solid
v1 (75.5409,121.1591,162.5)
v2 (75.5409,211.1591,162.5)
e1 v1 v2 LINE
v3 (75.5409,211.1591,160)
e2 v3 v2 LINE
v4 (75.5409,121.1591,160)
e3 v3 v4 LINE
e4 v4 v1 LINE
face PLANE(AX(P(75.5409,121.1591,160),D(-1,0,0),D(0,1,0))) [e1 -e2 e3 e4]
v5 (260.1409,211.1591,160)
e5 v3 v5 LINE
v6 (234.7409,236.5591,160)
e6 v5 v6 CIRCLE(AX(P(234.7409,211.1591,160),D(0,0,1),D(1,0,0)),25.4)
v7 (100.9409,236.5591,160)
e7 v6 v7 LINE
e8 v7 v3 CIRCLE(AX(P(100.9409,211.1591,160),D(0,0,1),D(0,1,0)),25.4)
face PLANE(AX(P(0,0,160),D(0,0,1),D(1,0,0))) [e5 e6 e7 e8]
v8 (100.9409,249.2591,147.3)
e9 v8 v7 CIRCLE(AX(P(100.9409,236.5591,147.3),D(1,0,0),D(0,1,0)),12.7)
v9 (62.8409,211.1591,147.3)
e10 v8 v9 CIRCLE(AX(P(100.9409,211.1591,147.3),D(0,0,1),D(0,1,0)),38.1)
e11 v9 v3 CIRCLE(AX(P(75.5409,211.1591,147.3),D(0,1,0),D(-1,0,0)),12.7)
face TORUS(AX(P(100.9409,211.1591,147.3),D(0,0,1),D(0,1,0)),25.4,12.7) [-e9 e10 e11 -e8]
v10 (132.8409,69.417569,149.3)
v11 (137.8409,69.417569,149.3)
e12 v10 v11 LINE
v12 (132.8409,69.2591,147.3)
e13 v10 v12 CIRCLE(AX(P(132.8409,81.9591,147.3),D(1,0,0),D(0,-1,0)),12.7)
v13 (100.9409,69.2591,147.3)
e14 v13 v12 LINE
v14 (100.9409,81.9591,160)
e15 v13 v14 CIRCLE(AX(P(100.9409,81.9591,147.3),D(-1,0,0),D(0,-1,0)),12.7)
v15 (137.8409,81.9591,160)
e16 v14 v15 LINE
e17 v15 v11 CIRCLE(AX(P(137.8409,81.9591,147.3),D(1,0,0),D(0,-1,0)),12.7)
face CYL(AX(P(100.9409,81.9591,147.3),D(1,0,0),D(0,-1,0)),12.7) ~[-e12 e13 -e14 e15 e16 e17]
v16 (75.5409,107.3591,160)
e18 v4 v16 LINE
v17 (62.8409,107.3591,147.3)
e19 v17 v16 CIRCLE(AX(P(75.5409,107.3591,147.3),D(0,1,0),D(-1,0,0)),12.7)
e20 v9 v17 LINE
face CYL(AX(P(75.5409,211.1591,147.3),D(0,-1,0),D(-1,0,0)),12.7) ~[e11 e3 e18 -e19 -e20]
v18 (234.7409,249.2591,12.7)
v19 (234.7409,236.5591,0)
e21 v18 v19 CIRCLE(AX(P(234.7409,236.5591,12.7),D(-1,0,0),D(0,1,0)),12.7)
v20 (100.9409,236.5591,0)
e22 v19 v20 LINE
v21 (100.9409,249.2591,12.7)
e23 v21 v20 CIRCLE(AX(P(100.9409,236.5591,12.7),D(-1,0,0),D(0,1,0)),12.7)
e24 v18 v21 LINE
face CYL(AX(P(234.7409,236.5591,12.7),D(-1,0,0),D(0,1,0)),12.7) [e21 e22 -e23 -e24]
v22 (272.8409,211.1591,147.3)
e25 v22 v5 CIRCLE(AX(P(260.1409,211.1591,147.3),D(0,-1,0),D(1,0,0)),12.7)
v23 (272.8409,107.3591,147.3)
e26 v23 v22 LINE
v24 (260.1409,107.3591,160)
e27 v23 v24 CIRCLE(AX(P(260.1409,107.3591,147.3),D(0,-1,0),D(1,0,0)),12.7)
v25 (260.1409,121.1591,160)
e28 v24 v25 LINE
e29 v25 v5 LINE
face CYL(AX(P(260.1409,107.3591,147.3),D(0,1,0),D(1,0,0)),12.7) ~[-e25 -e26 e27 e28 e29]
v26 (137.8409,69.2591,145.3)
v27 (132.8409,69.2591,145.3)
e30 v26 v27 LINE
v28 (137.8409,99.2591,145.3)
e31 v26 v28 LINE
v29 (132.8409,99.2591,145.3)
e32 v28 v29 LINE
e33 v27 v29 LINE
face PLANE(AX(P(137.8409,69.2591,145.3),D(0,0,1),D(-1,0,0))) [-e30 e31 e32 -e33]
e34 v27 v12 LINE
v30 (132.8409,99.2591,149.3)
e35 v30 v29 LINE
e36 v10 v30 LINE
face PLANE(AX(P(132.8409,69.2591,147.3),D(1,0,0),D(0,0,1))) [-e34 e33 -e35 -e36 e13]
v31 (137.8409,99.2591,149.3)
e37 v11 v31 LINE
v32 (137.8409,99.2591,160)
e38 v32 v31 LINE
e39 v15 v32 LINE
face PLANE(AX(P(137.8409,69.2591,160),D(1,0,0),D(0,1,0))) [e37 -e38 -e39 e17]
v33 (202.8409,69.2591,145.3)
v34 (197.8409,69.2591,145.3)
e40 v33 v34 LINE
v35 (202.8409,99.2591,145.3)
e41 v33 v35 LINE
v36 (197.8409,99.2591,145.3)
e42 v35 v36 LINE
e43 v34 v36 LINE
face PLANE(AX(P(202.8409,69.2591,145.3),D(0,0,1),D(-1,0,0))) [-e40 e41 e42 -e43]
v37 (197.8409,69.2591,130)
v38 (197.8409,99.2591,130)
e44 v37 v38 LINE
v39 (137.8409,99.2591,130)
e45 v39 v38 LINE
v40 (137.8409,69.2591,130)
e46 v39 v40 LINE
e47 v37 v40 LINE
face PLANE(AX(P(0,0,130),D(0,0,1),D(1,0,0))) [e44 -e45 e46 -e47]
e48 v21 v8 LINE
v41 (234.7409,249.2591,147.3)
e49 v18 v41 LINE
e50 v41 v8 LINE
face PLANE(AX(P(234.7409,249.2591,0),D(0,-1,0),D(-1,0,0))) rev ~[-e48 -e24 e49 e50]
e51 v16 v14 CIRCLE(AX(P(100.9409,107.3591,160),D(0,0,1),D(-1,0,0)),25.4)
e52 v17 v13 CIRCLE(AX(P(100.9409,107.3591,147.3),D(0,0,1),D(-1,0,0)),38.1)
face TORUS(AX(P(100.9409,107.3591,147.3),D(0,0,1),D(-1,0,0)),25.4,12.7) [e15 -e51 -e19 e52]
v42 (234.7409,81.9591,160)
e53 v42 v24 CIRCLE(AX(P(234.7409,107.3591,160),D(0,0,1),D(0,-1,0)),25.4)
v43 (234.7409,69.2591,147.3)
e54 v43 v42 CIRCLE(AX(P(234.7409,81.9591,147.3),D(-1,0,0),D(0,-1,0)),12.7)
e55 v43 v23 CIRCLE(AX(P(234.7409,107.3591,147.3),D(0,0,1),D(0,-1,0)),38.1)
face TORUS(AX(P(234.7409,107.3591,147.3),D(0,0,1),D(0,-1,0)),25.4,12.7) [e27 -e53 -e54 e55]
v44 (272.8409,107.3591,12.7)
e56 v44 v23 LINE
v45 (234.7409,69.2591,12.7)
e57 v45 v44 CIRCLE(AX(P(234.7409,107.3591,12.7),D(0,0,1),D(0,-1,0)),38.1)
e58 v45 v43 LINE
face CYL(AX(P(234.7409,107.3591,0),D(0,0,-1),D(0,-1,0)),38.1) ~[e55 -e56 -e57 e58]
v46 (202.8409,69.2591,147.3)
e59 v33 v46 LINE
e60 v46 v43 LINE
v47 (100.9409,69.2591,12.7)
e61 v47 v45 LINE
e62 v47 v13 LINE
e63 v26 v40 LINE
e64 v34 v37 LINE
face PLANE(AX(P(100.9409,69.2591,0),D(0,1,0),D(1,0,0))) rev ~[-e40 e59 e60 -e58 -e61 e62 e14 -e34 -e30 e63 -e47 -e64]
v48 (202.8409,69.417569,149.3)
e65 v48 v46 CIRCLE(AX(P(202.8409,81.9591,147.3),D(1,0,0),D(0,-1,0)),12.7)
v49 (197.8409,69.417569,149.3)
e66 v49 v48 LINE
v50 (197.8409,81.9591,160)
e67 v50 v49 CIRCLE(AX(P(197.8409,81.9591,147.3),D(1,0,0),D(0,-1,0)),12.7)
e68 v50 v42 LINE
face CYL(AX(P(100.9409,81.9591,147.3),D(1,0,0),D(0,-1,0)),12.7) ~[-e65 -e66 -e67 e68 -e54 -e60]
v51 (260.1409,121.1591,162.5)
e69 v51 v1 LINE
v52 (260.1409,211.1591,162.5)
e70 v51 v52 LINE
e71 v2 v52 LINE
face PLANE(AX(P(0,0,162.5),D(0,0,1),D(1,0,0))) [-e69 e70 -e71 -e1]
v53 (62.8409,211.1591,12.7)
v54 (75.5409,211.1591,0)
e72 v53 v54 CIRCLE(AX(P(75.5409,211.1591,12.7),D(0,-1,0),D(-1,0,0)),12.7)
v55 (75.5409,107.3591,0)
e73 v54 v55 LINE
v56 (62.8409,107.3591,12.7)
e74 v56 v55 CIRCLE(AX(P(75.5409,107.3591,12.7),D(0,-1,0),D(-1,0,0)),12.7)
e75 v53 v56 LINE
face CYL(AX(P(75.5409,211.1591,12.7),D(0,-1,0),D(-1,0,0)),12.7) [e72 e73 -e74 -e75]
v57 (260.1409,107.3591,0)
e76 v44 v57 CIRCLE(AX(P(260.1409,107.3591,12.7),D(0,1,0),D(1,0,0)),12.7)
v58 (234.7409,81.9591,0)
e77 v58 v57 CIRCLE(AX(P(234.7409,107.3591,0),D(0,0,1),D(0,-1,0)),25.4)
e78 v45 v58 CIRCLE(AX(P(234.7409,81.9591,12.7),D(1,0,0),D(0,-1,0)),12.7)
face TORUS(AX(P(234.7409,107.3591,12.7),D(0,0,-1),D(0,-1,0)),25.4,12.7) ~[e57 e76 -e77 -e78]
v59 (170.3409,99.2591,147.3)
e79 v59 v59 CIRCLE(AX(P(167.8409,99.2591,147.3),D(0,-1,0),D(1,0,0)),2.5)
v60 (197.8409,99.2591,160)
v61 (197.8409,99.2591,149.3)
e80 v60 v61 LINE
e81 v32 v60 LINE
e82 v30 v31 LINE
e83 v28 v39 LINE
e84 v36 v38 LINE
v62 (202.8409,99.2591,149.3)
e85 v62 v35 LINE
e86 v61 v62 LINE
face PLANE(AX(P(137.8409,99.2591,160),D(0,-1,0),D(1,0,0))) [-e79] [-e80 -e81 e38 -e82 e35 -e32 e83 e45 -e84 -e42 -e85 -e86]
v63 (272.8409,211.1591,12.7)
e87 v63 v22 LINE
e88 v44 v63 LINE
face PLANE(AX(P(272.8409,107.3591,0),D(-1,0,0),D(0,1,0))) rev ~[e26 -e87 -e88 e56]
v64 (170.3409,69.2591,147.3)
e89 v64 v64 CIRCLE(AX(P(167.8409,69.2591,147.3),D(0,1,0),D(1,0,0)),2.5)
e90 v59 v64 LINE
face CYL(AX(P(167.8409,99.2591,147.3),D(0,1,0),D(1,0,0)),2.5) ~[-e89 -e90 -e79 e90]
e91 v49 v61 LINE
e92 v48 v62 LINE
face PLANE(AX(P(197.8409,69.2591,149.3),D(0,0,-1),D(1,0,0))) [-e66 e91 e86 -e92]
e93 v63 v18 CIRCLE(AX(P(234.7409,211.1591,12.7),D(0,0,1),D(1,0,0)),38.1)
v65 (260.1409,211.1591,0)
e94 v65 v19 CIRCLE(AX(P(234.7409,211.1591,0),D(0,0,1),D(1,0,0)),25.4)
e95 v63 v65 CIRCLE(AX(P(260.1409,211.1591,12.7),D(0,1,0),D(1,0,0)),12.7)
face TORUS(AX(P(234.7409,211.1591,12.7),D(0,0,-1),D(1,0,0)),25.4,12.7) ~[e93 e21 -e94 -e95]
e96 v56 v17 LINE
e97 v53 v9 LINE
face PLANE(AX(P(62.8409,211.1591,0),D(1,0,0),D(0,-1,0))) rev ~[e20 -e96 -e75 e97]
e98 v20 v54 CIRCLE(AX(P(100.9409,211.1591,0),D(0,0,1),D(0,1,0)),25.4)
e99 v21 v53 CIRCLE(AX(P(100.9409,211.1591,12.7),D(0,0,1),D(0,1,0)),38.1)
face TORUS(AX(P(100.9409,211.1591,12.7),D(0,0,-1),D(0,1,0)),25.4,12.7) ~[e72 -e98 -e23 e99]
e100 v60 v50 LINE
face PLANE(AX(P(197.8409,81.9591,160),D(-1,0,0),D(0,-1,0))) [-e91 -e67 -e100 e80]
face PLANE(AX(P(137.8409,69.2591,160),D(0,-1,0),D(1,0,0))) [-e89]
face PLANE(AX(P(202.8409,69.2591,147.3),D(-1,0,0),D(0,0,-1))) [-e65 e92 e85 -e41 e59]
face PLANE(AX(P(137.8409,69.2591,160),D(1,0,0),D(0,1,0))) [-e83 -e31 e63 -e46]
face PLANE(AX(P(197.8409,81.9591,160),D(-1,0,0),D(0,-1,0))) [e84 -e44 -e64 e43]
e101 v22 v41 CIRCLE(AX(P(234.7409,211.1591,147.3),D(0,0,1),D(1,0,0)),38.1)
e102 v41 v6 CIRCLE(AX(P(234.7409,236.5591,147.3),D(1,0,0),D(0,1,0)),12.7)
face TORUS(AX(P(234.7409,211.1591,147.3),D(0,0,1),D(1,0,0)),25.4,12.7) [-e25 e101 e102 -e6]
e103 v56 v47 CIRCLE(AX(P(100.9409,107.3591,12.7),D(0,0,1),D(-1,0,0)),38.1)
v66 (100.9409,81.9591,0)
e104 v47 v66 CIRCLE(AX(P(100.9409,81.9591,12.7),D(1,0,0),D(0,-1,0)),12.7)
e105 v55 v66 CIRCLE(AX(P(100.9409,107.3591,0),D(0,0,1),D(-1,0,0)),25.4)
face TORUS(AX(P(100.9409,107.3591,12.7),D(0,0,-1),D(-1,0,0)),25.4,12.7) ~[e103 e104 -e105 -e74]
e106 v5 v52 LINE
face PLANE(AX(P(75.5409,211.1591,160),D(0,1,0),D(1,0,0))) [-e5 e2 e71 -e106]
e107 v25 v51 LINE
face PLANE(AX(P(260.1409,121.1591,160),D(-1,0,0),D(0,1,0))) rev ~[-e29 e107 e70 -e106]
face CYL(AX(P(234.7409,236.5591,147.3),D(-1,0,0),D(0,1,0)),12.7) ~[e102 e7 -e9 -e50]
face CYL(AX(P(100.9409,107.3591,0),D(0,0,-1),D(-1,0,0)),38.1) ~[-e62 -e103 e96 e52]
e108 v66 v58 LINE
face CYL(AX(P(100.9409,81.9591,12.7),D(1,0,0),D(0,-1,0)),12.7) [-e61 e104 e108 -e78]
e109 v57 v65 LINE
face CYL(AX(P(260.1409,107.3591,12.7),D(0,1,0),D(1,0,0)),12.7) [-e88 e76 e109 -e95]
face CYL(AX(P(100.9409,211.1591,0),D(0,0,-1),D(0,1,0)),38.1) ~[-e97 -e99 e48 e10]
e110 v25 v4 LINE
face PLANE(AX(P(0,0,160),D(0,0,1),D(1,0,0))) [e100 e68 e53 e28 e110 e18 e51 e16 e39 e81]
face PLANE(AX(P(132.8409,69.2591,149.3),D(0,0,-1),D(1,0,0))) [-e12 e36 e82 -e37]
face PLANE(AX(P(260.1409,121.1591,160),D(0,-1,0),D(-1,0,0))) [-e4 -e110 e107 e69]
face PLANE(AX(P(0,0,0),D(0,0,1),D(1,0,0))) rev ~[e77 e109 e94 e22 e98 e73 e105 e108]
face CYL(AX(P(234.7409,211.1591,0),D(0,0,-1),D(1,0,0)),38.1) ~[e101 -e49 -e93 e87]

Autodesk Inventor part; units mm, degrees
ref_plane "YZ Plane" through (0, 0, 0) normal (1, 0, 0) x (0, 1, 0)
ref_plane "XZ Plane" through (0, 0, 0) normal (0, 1, 0) x (-1, 0, 0)
ref_plane "XY Plane" through (0, 0, 0) normal (0, 0, 1) x (1, 0, 0)
sketch "Sketch1" plane through (0, 0, 0) normal (0, 0, 1) x (1, 0, 0)
  line L0 (100.9409, 69.2591) -> (234.7409, 69.2591)
  line L1 (272.8409, 107.3591) -> (272.8409, 211.1591)
  line L2 (234.7409, 249.2591) -> (100.9409, 249.2591)
  line L3 (62.8409, 211.1591) -> (62.8409, 107.3591)
  arc A0 (100.9409, 249.2591) -> (62.8409, 211.1591) centre (100.9409, 211.1591) ccw
  arc A1 (272.8409, 211.1591) -> (234.7409, 249.2591) centre (234.7409, 211.1591) ccw
  arc A2 (234.7409, 69.2591) -> (272.8409, 107.3591) centre (234.7409, 107.3591) ccw
  arc A3 (62.8409, 107.3591) -> (100.9409, 69.2591) centre (100.9409, 107.3591) ccw
  point P0 (0, 0)
  point P1 (62.8409, 69.2591)
  point P2 (272.8409, 249.2591)
  point P3 (272.8409, 69.2591)
  dimension "d0" = 210
  dimension "d1" = 180
  dimension "d2" = 38.1
  dimension "d3" = 38.1
extrude "Extrusion1" add sketch "Sketch1" along normal blind 160
fillet "Fillet1" radius 12.7 16 edges at (261.6817, 238.0999, 0) (167.8409, 249.2591, 0) (74.0001, 238.0999, 0) (62.8409, 159.2591, 0) (74.0001, 80.4183, 0) (167.8409, 69.2591, 0) (261.6817, 80.4183, 0) (272.8409, 159.2591, 0) (261.6817, 238.0999, 160) (167.8409, 249.2591, 160) (74.0001, 238.0999, 160) (62.8409, 159.2591, 160) (74.0001, 80.4183, 160) (167.8409, 69.2591, 160) (261.6817, 80.4183, 160) (272.8409, 159.2591, 160)
sketch "Sketch2" plane through (0, 0, 160) normal (0, 0, 1) x (1, 0, 0)
  line L0 (234.7409, 69.2591) -> (100.9409, 69.2591) projected
  line L1 (137.8409, 99.2591) -> (197.8409, 99.2591)
  line L2 (197.8409, 99.2591) -> (197.8409, 69.2591)
  line L3 (197.8409, 69.2591) -> (137.8409, 69.2591)
  line L4 (137.8409, 69.2591) -> (137.8409, 99.2591)
  line L5 (234.7409, 81.9591) -> (100.9409, 81.9591) projected
  point P0 (0, 0)
  point P1 (167.8409, 99.2591)
  point P2 (167.8409, 81.9591)
  dimension "d7" = 60
  dimension "d8" = 30
extrude "Extrusion2" cut sketch "Sketch2" against normal blind 30
sketch "Sketch3" plane through (137.8409, 99.2591, 160) normal (0, -1, 0) x (1, 0, 0)
  line L0 (96.9, -12.7) -> (-36.9, -12.7) projected
  circle A0 centre (30, -12.7) radius 2.5
  point P0 (-137.8409, -160)
  dimension "d11" = 5
extrude "Extrusion3" add sketch "Sketch3" along normal blind 30
thread "Thread1" size "12-24 UNC" class "2A" standard "ANSI Unified Screw Threads" full length
sketch "Sketch4" plane through (0, 0, 160) normal (0, 0, 1) x (1, 0, 0)
  line L0 (260.1409, 107.3591) -> (260.1409, 211.1591) projected
  line L1 (75.5409, 211.1591) -> (260.1409, 211.1591)
  line L2 (260.1409, 211.1591) -> (260.1409, 121.1591)
  line L3 (260.1409, 121.1591) -> (75.5409, 121.1591)
  line L4 (75.5409, 121.1591) -> (75.5409, 211.1591)
  point P0 (0, 0)
  dimension "d16" = 90
extrude "Extrusion4" add sketch "Sketch4" along normal blind 2.5
sketch "Sketch5" plane through (100.9409, 69.2591, 12.7) normal (0, -1, 0) x (1, 0, 0)
  line L0 (36.9, 134.6) -> (36.9, 147.3) projected
  line L1 (36.9, 147.3) -> (0, 147.3) projected
  line L2 (0, 134.6) -> (0, 147.3) projected
  line L3 (0, 134.6) -> (36.9, 134.6) projected
  line L4 (96.9, 147.3) -> (96.9, 134.6) projected
  line L5 (96.9, 134.6) -> (133.8, 134.6) projected
  line L6 (133.8, 134.6) -> (133.8, 147.3) projected
  line L7 (133.8, 147.3) -> (96.9, 147.3) projected
  line L8 (96.9, 134.6) -> (96.9, 117.3) projected
  line L9 (96.9, 117.3) -> (36.9, 117.3) projected
  line L10 (36.9, 117.3) -> (36.9, 134.6) projected
  line L11 (0, 134.6) -> (36.9, 134.6) projected
  line L12 (0, 0) -> (0, 134.6) projected
  line L13 (133.8, 0) -> (0, 0) projected
  line L14 (133.8, 0) -> (133.8, 134.6) projected
  line L15 (96.9, 134.6) -> (133.8, 134.6) projected
  line L16 (31.9, 136.6) -> (36.9, 136.6)
  line L17 (36.9, 136.6) -> (36.9, 132.6)
  line L18 (36.9, 132.6) -> (31.9, 132.6)
  line L19 (31.9, 132.6) -> (31.9, 136.6)
  line L20 (96.9, 136.6) -> (101.9, 136.6)
  line L21 (101.9, 136.6) -> (101.9, 132.6)
  line L22 (101.9, 132.6) -> (96.9, 132.6)
  line L23 (96.9, 132.6) -> (96.9, 136.6)
  point P0 (-100.9409, -12.7)
  dimension "d19" = 4
  dimension "d20" = 5
extrude "Extrusion5" cut sketch "Sketch5" against normal blind 30 contours L3 L19 L16 L0 | L10 L18 L19 L3 | L8 L5 L21 L22 | L4 L20 L21 L5
properties part number "Robot_face"
